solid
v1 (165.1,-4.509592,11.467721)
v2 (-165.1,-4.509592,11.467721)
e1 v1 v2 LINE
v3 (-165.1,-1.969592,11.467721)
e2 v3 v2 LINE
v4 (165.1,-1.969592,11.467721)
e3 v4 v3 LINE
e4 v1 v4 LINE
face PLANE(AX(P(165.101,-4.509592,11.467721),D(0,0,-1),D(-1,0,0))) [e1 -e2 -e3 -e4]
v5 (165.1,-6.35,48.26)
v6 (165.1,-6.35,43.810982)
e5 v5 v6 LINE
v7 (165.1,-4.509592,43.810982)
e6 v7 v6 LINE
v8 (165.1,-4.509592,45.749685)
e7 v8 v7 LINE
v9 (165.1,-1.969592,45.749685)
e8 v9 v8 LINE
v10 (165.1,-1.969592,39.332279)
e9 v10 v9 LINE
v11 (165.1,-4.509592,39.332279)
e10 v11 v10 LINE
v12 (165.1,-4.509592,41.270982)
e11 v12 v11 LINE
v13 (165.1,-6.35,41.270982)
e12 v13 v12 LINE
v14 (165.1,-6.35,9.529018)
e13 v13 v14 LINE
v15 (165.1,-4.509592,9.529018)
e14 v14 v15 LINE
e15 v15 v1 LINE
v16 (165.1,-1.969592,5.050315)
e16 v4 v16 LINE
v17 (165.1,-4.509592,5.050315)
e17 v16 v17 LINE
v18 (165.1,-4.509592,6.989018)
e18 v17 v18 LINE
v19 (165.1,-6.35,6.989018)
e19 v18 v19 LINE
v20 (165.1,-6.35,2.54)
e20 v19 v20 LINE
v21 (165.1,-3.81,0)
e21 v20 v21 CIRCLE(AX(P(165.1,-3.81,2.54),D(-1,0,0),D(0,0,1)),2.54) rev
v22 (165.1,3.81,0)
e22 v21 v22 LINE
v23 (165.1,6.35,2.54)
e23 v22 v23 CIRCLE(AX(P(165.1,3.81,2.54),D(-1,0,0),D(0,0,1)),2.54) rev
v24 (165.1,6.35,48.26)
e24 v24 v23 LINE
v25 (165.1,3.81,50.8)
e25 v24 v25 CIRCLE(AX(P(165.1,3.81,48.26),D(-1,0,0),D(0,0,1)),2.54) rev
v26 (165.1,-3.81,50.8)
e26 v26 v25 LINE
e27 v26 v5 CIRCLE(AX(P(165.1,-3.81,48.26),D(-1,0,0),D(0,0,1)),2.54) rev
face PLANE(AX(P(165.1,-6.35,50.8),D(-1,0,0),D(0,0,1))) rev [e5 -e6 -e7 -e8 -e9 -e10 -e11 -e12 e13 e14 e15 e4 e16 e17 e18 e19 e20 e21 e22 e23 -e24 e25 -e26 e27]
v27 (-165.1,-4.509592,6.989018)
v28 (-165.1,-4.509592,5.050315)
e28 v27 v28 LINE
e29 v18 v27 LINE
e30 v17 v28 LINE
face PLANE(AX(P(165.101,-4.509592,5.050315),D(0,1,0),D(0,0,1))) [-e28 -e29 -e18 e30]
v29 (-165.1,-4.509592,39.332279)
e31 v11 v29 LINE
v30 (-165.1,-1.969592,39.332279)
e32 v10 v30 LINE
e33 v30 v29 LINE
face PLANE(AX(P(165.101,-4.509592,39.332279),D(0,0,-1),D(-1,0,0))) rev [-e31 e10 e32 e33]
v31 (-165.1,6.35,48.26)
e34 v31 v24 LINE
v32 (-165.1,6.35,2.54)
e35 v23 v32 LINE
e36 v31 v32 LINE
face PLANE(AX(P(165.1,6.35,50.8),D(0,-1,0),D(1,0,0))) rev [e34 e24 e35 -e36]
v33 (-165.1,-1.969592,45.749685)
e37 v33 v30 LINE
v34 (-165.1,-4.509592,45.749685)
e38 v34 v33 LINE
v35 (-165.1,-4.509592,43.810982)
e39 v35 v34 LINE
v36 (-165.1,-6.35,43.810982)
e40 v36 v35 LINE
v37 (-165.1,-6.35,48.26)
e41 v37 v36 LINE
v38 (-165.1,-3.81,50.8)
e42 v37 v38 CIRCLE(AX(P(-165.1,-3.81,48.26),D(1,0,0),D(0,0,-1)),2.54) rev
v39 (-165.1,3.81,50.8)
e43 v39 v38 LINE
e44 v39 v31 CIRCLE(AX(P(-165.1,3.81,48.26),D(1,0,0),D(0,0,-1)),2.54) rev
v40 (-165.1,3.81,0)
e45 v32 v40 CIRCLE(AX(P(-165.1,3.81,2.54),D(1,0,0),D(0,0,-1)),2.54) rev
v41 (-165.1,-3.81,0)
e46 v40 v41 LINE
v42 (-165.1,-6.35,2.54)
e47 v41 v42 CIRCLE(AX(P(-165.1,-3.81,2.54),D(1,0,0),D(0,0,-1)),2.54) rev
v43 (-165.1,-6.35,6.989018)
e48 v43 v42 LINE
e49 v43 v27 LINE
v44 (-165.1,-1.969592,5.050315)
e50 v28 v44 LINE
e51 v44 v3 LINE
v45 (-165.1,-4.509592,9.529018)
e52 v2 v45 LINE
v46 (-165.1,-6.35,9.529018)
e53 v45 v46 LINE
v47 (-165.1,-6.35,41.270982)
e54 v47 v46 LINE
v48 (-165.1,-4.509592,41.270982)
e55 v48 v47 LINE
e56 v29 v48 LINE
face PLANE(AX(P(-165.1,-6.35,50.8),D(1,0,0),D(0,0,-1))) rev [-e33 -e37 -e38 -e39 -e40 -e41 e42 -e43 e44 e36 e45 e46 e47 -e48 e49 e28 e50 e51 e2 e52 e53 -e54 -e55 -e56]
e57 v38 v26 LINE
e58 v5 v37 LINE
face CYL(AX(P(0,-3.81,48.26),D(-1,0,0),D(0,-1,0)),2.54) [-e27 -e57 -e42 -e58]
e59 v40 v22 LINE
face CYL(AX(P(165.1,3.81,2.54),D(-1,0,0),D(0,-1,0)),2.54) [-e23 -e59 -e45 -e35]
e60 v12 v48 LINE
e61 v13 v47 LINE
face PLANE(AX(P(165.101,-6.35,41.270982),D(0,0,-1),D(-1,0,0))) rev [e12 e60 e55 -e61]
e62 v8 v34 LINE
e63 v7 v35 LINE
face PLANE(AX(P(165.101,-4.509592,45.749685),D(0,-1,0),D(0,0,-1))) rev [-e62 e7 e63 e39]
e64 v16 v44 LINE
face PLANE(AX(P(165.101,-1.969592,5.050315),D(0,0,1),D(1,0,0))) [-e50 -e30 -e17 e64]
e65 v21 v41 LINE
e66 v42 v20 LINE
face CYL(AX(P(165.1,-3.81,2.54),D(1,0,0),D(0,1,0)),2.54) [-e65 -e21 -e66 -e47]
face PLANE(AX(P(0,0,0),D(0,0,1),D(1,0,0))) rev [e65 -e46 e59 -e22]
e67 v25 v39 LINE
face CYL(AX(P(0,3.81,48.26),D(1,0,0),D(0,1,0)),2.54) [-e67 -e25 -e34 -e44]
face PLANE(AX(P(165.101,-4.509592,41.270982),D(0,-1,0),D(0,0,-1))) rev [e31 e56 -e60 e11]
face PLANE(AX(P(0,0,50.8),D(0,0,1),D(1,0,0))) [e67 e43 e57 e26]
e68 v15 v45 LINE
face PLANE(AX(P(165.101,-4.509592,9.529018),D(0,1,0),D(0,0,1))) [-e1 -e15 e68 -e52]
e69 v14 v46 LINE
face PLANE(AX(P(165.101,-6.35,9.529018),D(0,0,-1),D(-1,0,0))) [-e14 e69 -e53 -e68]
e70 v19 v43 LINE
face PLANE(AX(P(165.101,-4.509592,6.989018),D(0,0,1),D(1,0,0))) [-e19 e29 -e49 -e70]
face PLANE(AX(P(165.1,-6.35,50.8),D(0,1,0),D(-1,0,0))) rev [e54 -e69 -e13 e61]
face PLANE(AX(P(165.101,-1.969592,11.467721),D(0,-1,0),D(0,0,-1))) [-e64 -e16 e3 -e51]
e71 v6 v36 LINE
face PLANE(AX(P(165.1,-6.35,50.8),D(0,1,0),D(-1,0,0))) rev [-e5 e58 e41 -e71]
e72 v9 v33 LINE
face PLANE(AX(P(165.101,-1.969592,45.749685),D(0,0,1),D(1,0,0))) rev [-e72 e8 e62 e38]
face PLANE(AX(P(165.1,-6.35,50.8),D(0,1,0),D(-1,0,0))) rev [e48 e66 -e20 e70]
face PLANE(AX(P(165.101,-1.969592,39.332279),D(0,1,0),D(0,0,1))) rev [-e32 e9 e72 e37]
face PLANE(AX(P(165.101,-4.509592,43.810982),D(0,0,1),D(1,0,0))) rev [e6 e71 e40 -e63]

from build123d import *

# Parameters (mm, degrees)
SKETCH1_W           = 330.2
SKETCH1_H           = 12.7
BOSS_EXTRUDE1_DEPTH = 50.8
CUT_EXTRUDE1_REACH  = 336.145
FILLET1_R           = 2.54


with BuildPart() as part:
    # Sketch1 → Boss-Extrude1 (new body)
    with BuildSketch(Plane.XY):
        Rectangle(SKETCH1_W, SKETCH1_H)
    extrude(amount=BOSS_EXTRUDE1_DEPTH)

    # Sketch2 → Cut-Extrude1 (cut, up to next)
    with BuildSketch(Plane.ZY.offset(165.1), mode=Mode.PRIVATE) as cut_extrude1_sk1:
        Polygon((41.27098203, -6.35), (41.27098203, -4.509591524), (39.332279131, -4.509591524), (39.332279131, -1.969591524), (45.749684928, -1.969591524), (45.749684928, -4.509591524), (43.81098203, -4.509591524), (43.81098203, -6.35), align=None)
    cut_extrude1_tool1 = extrude(cut_extrude1_sk1.sketch, amount=-CUT_EXTRUDE1_REACH, mode=Mode.PRIVATE) & part.part
    cut_extrude1 = cut_extrude1_tool1.solids().sort_by_distance((-165.1, -3.72772, 42.540982))[0]
    add(cut_extrude1, mode=Mode.SUBTRACT)

    # Mirror1: Cut-Extrude1 across plane
    add(cut_extrude1.mirror(Plane.XY.offset(25.4)), mode=Mode.SUBTRACT)

    # Fillet1
    fillet1_edges = [part.edges().sort_by_distance(p)[0] for p in [
        (0, 6.35, 50.8),
        (0, 6.35, 0),
        (0, -6.35, 0),
        (0, -6.35, 50.8),
    ]]
    fillet(fillet1_edges, radius=FILLET1_R)


solid = part.part
